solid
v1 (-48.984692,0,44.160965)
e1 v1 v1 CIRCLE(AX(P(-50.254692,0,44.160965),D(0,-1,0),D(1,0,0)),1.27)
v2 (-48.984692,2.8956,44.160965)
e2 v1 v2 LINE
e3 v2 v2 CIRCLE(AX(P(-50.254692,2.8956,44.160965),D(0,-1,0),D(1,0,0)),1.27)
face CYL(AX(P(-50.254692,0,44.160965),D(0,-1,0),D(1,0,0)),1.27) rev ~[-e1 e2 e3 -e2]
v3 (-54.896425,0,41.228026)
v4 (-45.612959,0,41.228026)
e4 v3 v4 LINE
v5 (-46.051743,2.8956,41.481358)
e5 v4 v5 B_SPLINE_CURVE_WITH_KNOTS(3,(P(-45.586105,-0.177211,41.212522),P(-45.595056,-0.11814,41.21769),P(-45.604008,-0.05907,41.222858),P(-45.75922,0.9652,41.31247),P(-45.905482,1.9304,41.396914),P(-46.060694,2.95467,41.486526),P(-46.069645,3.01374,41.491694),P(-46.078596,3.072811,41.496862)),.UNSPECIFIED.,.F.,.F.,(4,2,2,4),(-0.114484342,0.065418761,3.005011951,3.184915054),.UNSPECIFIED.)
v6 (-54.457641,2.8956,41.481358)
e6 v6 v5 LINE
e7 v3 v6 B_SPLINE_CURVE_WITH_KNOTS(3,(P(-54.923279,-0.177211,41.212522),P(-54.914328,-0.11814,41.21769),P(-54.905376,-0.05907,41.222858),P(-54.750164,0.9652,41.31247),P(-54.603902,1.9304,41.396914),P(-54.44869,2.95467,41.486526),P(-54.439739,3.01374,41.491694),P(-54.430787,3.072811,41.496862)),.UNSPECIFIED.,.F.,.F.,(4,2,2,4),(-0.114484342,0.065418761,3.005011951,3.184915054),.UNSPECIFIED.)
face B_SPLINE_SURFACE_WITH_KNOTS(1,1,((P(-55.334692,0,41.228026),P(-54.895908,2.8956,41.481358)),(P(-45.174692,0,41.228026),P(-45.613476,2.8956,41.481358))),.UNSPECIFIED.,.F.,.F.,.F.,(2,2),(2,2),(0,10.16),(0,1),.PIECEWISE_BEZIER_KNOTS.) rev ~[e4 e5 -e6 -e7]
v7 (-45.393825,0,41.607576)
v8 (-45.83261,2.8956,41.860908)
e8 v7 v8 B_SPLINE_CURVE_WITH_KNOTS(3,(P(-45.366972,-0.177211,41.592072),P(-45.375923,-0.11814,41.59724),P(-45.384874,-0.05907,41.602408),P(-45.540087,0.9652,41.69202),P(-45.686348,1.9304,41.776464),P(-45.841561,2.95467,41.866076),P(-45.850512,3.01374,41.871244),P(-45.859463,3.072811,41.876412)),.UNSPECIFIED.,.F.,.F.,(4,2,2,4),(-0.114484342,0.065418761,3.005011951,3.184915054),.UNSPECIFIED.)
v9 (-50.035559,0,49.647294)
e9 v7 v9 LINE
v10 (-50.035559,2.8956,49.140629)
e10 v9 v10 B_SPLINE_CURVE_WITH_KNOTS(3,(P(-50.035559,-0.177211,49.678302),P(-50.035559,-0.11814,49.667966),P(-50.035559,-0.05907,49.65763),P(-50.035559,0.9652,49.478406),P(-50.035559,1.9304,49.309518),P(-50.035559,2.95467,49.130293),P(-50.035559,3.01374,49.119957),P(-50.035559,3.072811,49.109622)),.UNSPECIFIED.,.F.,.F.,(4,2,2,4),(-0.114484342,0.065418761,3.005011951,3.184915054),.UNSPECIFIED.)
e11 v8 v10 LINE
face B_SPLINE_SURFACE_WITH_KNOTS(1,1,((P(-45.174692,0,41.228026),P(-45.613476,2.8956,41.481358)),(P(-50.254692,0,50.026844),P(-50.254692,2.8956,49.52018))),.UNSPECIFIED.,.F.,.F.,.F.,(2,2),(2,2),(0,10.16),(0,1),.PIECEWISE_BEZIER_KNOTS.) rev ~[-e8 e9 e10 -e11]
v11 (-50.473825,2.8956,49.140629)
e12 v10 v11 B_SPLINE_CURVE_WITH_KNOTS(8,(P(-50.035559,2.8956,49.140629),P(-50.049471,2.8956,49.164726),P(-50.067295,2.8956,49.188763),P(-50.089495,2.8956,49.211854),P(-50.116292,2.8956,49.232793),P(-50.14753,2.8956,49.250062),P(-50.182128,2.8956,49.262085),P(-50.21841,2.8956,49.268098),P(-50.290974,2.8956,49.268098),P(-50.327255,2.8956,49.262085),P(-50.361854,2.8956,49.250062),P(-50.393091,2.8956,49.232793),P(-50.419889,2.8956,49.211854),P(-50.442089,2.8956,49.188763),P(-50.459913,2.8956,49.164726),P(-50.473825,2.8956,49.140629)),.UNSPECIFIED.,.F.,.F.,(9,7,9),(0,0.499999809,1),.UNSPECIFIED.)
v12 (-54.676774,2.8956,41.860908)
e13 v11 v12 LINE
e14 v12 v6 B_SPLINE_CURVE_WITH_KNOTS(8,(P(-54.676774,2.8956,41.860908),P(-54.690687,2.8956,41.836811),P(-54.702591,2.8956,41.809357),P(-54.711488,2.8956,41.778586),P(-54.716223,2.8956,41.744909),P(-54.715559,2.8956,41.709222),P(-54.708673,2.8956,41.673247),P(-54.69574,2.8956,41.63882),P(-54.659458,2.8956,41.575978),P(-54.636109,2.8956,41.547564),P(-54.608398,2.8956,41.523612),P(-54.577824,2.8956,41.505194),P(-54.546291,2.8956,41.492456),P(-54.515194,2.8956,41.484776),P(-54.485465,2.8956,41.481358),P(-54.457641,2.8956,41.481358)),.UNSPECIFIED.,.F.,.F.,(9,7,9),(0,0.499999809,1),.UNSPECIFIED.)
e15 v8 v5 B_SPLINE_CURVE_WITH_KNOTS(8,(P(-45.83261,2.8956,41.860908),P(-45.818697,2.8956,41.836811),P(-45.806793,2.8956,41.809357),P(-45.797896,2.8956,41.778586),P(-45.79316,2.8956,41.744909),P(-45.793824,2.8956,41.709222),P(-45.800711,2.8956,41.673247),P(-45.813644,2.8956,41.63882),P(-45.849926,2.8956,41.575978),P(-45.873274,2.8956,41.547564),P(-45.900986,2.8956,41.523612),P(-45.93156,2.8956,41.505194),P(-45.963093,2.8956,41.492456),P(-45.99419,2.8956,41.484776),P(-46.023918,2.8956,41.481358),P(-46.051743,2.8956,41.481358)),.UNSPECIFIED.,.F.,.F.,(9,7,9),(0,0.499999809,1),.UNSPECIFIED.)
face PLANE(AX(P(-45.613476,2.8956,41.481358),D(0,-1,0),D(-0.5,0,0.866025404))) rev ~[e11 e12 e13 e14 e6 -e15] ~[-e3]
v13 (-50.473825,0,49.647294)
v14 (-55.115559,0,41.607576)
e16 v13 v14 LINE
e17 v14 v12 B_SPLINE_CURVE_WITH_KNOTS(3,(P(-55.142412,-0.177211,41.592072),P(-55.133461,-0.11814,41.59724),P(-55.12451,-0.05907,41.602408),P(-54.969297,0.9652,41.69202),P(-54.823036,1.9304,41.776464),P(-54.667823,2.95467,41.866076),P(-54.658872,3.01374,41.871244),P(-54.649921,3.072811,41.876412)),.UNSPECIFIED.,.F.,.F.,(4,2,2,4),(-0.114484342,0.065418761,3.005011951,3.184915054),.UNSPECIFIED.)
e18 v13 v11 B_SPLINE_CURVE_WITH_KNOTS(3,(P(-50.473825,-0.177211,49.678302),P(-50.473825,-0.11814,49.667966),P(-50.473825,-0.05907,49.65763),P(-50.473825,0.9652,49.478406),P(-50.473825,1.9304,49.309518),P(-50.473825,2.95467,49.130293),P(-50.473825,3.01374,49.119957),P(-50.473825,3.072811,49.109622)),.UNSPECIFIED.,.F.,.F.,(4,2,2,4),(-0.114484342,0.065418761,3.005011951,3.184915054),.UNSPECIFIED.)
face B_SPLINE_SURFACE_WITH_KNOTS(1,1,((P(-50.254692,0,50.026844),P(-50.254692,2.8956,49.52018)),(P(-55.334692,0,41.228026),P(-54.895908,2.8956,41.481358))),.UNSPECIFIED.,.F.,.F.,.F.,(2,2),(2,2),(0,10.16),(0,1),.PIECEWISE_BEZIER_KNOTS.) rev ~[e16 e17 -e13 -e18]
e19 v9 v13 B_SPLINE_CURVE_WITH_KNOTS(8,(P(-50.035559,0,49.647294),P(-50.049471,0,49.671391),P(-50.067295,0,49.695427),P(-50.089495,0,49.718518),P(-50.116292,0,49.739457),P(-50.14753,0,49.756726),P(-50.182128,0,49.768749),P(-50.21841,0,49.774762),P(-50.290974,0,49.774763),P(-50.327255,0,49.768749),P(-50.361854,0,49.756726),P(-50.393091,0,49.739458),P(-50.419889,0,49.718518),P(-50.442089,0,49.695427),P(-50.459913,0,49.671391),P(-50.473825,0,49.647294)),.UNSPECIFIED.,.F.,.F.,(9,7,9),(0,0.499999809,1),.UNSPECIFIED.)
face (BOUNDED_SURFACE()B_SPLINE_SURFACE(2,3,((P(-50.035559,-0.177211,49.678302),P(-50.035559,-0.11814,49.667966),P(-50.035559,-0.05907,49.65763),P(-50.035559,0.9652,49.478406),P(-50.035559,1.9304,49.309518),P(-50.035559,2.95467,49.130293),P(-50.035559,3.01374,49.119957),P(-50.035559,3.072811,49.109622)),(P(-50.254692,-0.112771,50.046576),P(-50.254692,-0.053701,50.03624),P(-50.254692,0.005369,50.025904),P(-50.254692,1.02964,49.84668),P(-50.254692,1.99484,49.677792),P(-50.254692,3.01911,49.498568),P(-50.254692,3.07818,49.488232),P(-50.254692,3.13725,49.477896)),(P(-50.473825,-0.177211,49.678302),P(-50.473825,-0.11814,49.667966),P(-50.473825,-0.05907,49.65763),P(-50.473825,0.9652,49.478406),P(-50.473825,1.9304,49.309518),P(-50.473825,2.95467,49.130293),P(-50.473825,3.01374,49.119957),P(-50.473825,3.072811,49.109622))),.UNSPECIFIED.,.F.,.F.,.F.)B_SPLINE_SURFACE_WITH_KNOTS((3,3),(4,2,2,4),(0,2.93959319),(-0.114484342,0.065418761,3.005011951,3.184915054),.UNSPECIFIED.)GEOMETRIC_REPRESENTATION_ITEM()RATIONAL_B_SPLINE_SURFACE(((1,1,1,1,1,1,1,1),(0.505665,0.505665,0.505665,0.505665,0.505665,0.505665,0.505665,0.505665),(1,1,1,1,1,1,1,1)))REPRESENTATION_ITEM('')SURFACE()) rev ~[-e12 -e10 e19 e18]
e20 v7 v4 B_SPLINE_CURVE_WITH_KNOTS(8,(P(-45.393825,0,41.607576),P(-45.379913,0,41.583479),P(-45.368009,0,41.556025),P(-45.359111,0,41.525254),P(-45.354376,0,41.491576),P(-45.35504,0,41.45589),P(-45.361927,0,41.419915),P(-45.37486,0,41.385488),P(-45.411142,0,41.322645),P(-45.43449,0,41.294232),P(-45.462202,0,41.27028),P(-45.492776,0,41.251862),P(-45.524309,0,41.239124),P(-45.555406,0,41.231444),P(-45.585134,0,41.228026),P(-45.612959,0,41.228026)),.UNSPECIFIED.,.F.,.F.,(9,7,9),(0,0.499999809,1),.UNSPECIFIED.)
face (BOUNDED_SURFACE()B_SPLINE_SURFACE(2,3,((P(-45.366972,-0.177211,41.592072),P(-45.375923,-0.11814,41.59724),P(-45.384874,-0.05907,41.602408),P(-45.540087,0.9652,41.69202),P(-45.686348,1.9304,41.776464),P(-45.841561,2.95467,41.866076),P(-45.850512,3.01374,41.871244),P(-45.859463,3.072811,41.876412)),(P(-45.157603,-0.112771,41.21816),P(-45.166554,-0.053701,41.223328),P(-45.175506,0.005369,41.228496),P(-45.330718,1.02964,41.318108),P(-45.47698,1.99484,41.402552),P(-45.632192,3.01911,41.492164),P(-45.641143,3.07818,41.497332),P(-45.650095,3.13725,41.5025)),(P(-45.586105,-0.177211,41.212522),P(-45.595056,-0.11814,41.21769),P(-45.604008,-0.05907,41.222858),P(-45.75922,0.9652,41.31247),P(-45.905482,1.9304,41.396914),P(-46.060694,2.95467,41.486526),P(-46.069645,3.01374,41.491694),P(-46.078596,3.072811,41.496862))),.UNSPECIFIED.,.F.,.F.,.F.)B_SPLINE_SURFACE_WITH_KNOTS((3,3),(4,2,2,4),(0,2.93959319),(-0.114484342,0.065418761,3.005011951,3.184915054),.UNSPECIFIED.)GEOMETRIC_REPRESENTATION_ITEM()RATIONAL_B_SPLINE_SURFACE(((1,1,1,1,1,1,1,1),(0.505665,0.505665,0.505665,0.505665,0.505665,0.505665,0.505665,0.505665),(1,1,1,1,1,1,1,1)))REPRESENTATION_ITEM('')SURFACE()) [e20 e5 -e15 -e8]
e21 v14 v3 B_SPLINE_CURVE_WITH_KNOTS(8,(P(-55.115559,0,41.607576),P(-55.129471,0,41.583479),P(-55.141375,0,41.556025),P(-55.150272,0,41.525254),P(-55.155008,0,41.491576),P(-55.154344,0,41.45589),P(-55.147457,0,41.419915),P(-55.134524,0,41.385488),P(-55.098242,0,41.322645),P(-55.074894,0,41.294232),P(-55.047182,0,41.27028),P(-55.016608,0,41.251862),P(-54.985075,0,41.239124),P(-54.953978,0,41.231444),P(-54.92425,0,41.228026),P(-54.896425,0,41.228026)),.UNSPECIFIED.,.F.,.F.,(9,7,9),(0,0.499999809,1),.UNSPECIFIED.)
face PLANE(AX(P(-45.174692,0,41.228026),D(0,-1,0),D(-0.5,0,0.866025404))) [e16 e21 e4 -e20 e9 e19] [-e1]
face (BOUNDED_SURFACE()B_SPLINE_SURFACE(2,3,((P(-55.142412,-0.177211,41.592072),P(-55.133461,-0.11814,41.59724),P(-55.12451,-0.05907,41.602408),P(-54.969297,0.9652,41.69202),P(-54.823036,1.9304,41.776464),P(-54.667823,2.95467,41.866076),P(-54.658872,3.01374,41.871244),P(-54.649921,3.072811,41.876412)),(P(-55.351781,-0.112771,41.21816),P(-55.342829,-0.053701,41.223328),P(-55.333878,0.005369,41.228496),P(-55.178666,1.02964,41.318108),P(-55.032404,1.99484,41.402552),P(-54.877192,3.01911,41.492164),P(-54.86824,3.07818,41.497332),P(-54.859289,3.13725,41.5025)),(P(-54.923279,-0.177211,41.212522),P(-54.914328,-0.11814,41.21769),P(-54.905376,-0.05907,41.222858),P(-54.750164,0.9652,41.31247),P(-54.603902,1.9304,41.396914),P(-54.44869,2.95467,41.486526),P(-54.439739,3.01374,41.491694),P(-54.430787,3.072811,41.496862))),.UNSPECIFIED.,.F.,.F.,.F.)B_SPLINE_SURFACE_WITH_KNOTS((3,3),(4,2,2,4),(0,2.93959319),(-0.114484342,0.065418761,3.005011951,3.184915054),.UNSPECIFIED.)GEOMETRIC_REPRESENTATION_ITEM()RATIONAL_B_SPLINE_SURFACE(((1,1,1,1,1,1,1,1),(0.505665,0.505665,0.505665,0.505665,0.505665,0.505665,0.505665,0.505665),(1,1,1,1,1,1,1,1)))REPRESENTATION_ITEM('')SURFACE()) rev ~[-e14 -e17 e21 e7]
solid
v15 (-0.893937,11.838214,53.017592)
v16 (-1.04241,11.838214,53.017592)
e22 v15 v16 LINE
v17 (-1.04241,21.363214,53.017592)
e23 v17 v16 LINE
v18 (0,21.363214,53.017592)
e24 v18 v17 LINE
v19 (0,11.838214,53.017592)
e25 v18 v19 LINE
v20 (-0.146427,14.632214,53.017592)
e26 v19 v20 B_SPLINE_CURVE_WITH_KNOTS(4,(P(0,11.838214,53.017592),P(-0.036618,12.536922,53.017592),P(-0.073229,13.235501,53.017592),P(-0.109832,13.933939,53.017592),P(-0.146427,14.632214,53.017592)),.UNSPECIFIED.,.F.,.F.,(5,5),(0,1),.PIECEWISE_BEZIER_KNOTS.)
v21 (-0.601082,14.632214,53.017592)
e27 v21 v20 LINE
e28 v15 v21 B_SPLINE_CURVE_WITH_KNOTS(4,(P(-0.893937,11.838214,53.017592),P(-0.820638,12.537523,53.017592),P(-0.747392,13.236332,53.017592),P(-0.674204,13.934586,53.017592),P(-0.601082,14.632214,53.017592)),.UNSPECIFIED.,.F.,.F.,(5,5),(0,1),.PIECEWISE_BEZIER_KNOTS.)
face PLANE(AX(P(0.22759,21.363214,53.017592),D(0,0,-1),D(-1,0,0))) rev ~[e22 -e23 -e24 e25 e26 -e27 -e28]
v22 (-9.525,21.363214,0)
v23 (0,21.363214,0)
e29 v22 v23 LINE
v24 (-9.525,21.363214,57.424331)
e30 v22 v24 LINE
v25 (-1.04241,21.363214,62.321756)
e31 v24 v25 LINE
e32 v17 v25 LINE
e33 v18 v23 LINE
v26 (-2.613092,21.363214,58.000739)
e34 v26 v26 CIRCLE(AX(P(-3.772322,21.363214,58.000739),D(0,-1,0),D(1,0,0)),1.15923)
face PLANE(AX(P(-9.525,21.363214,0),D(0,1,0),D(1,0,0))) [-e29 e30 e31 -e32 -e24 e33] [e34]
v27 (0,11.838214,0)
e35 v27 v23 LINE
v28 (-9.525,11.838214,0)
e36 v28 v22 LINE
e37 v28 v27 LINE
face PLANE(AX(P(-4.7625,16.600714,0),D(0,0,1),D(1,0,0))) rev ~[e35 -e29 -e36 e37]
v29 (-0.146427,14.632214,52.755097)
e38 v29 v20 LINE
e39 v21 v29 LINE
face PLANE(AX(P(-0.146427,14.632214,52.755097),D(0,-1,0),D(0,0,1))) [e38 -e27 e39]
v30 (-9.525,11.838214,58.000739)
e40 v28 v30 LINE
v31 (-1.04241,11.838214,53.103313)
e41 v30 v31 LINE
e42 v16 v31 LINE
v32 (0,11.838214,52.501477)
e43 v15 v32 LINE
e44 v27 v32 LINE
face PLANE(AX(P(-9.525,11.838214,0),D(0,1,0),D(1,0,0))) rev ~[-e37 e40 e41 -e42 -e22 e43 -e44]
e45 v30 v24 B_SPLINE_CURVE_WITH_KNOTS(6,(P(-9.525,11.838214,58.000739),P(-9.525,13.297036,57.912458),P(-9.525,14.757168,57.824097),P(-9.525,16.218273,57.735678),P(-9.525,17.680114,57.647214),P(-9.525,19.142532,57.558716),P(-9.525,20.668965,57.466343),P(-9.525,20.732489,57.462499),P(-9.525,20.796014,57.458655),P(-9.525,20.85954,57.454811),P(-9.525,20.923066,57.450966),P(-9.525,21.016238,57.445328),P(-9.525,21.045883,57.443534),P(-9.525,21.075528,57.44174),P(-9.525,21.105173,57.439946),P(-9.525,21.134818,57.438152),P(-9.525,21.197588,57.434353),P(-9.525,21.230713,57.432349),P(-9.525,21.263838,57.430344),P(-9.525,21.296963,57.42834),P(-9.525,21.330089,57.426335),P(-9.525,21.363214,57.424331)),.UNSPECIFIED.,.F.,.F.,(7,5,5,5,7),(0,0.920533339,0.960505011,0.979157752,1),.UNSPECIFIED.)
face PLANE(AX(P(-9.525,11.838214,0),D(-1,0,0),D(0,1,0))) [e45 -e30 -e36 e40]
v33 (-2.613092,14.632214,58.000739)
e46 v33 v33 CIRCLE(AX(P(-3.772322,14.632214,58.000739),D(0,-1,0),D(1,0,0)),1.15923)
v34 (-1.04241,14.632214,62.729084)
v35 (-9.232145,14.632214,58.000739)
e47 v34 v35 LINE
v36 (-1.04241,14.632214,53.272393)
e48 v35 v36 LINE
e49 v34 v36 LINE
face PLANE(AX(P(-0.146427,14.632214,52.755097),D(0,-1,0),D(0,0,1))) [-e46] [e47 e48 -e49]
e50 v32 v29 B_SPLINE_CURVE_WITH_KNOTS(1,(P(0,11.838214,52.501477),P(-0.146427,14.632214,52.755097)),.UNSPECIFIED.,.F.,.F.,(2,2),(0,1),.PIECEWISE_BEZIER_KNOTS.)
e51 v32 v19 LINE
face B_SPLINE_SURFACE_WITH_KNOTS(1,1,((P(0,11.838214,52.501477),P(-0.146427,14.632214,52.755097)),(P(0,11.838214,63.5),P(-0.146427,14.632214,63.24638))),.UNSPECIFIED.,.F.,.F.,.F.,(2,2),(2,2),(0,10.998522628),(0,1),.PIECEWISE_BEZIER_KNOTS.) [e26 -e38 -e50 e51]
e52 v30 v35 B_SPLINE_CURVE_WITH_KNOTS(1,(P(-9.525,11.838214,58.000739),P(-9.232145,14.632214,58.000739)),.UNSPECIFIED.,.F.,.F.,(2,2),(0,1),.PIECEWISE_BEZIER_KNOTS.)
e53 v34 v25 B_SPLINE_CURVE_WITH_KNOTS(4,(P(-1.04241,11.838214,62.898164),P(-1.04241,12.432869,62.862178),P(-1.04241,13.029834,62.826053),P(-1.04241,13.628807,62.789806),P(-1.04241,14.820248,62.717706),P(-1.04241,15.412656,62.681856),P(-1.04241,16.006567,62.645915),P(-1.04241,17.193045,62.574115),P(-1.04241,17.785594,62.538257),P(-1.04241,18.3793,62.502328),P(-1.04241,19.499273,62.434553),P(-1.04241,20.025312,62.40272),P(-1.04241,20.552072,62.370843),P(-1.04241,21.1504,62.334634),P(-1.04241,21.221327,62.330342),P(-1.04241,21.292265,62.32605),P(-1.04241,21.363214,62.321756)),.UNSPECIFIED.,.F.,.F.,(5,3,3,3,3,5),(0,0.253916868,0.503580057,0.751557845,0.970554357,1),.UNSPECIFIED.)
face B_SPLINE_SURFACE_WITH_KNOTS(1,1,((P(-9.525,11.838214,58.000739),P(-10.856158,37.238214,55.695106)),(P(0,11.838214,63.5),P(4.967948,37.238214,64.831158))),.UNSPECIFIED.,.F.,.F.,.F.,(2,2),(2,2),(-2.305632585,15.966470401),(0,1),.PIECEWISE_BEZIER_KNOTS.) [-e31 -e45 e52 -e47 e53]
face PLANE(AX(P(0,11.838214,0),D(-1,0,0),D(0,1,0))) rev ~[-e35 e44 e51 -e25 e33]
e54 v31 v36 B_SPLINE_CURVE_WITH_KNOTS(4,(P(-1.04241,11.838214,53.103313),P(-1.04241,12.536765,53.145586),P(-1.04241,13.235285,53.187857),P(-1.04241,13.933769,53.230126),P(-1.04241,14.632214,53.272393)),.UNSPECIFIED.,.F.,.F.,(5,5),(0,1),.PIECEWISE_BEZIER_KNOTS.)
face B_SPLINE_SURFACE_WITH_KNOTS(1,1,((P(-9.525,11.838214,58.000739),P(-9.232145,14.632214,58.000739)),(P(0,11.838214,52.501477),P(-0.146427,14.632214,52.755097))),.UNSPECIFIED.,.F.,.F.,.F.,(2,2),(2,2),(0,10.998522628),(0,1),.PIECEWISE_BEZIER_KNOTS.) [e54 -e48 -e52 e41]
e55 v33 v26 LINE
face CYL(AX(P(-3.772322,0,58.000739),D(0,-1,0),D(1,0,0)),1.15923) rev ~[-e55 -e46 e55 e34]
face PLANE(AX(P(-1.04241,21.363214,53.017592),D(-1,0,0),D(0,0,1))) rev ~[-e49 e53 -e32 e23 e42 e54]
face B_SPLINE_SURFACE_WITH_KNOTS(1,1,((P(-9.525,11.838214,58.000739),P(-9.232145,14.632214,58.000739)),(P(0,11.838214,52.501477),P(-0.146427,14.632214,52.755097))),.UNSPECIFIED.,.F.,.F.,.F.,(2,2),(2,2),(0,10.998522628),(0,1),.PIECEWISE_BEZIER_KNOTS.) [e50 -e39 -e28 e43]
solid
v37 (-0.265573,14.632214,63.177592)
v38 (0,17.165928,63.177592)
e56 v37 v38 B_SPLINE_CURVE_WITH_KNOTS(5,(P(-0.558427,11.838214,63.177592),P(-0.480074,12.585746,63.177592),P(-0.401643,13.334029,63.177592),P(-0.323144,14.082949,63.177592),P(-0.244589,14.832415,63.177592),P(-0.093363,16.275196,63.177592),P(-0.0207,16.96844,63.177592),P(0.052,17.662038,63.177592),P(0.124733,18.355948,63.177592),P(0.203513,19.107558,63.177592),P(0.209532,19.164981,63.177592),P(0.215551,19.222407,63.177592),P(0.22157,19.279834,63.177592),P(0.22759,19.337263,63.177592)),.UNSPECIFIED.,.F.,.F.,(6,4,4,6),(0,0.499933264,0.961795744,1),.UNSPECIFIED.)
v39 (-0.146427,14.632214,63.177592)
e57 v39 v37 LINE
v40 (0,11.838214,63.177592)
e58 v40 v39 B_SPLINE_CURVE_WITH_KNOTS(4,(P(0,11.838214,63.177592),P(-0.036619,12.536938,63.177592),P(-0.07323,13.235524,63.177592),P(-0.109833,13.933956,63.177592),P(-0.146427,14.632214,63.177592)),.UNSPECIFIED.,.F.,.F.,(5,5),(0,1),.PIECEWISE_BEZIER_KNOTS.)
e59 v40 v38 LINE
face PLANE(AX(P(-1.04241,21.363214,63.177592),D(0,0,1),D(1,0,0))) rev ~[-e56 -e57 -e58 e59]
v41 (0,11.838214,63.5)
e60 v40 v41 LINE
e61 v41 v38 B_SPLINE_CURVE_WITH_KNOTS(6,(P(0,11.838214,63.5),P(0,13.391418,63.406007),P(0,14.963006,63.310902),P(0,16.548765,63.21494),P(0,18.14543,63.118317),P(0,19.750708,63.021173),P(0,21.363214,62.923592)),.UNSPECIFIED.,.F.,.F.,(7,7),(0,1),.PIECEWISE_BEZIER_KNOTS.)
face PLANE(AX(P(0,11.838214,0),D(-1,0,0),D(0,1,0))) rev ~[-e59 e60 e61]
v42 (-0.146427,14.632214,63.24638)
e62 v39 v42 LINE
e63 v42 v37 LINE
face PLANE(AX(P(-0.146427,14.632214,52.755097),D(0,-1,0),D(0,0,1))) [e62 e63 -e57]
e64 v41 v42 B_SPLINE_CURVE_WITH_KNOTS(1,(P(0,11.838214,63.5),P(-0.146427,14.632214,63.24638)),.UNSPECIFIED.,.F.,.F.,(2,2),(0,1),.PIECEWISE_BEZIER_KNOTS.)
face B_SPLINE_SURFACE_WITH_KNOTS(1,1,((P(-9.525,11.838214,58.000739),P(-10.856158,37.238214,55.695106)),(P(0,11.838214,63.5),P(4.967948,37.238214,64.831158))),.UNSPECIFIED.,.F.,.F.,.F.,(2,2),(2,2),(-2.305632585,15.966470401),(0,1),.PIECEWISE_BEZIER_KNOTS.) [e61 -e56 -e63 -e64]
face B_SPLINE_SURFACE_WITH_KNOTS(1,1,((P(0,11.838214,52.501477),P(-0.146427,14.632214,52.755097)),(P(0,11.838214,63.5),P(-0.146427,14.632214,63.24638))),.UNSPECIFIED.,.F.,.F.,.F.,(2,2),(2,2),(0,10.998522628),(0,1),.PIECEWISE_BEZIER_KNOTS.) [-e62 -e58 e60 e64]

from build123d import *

# Parameters (mm, degrees)
F0_W      = 9.525
F0_H      = 9.525
F1_DEPTH  = 63.5
F3_DEPTH  = 25.4
F3_TAPER  = -3
F4_DEPTH  = 2.794
F4_TAPER  = 3
F6_DEPTH  = 25.4
F7_DEPTH  = 25.4
F9_DEPTH  = 2.8956
F9_TAPER  = 5
F10_R     = 1.27
F11_DEPTH = 25.4
F12_R     = 0.254
F13_R     = 1.1592302207
F14_DEPTH = 25.4
F15_DEPTH = 25.4


with BuildPart() as f1:
    # F0 (on Top) → F1 (new body)
    with BuildSketch(Plane.XY):
        with Locations((-4.7625, 16.6007144532)):
            Rectangle(F0_W, F0_H)
    extrude(amount=F1_DEPTH)

    # F2 (on face) → F3 (cut)
    with BuildSketch(Plane.XZ.offset(-11.8382144532)):
        Polygon((-9.525, 58.000738686), (0, 63.5), (-9.525, 63.5), align=None)
    extrude(amount=-F3_DEPTH, taper=F3_TAPER, mode=Mode.SUBTRACT)

    # F2 (on face) → F4 (cut)
    with BuildSketch(Plane.XZ.offset(-11.8382144532)):
        Polygon((0, 52.5014773719), (0, 63.5), (-9.525, 58.000738686), align=None)
    extrude(amount=-F4_DEPTH, taper=F4_TAPER, mode=Mode.SUBTRACT)

    # F5 (on face) → F6 (cut)
    with BuildSketch(Plane(origin=(0, 21.3632144532, 0), x_dir=(-1, 0, 0), z_dir=(0, 1, 0))):
        with BuildLine():
            Line((-0.2275896803, 53.0175918537), (0, 53.0175918537))
            Line((0, 53.0175918537), (0, 62.9235918537))
            add(Edge.make_bspline(
                [(0, 62.9235918537), (1.0424103197, 62.321755975)],
                knots=[0, 0, 0.1094394036, 0.1094394036], degree=1))
            Line((1.0424103197, 62.321755975), (1.0424103197, 63.1775918537))
            Line((1.0424103197, 63.1775918537), (-0.2275896803, 63.1775918537))
            Line((-0.2275896803, 63.1775918537), (-0.2275896803, 53.0175918537))
        make_face()
    extrude(amount=F6_DEPTH, mode=Mode.SUBTRACT)

    # F5 (on face) → F7 (cut)
    with BuildSketch(Plane(origin=(0, 21.3632144532, 0), x_dir=(-1, 0, 0), z_dir=(0, 1, 0))):
        with BuildLine():
            Line((0, 62.9235918537), (0, 53.0175918537))
            Line((0, 53.0175918537), (1.0424103197, 53.0175918537))
            Line((1.0424103197, 53.0175918537), (1.0424103197, 62.321755975))
            add(Edge.make_bspline(
                [(0, 62.9235918537), (1.0424103197, 62.321755975)],
                knots=[0, 0, 0.1094394036, 0.1094394036], degree=1))
        make_face()
        with BuildLine():
            Line((-0.2275896803, 53.0175918537), (0, 53.0175918537))
            Line((0, 53.0175918537), (0, 62.9235918537))
            add(Edge.make_bspline(
                [(0, 62.9235918537), (1.0424103197, 62.321755975)],
                knots=[0, 0, 0.1094394036, 0.1094394036], degree=1))
            Line((1.0424103197, 62.321755975), (1.0424103197, 63.1775918537))
            Line((1.0424103197, 63.1775918537), (-0.2275896803, 63.1775918537))
            Line((-0.2275896803, 63.1775918537), (-0.2275896803, 53.0175918537))
        make_face()
    extrude(amount=-F7_DEPTH, mode=Mode.SUBTRACT)

    # F13 (on Front) → F14 (cut)
    with BuildSketch(Plane.XZ):
        with Locations((-3.7723219896, 58.000738686)):
            Circle(F13_R)
    extrude(amount=-F14_DEPTH, mode=Mode.SUBTRACT)

    # F5 (on face) → F15 (cut)
    with BuildSketch(Plane(origin=(0, 21.3632144532, 0), x_dir=(-1, 0, 0), z_dir=(0, 1, 0))):
        with BuildLine():
            Line((0, 62.9235918537), (0, 53.0175918537))
            Line((0, 53.0175918537), (1.0424103197, 53.0175918537))
            Line((1.0424103197, 53.0175918537), (1.0424103197, 62.321755975))
            add(Edge.make_bspline(
                [(0, 62.9235918537), (1.0424103197, 62.321755975)],
                knots=[0, 0, 0.1094394036, 0.1094394036], degree=1))
        make_face()
    extrude(amount=-F15_DEPTH, mode=Mode.SUBTRACT)


with BuildPart() as f9:
    # F8 (on Front) → F9 (new body)
    with BuildSketch(Plane.XZ):
        Polygon((-45.1746919079, 41.2280258131), (-50.2546919079, 50.0268439156), (-55.3346919079, 41.2280258131), align=None)
    extrude(amount=-F9_DEPTH, taper=F9_TAPER)

    # F10 (on face) → F11 (cut)
    with BuildSketch(Plane.XZ):
        with Locations((-50.2546919079, 44.1609651806)):
            Circle(F10_R)
    extrude(amount=-F11_DEPTH, mode=Mode.SUBTRACT)

    # F12
    f12_edges = [f9.edges().sort_by_distance(p)[0] for p in [
        (-50.254692, 1.4478, 49.773512),
        (-55.1153, 1.4478, 41.354692),
        (-45.394084, 1.4478, 41.354692),
    ]]
    fillet(f12_edges, radius=F12_R)


solid = Compound([f1.part, f9.part])
